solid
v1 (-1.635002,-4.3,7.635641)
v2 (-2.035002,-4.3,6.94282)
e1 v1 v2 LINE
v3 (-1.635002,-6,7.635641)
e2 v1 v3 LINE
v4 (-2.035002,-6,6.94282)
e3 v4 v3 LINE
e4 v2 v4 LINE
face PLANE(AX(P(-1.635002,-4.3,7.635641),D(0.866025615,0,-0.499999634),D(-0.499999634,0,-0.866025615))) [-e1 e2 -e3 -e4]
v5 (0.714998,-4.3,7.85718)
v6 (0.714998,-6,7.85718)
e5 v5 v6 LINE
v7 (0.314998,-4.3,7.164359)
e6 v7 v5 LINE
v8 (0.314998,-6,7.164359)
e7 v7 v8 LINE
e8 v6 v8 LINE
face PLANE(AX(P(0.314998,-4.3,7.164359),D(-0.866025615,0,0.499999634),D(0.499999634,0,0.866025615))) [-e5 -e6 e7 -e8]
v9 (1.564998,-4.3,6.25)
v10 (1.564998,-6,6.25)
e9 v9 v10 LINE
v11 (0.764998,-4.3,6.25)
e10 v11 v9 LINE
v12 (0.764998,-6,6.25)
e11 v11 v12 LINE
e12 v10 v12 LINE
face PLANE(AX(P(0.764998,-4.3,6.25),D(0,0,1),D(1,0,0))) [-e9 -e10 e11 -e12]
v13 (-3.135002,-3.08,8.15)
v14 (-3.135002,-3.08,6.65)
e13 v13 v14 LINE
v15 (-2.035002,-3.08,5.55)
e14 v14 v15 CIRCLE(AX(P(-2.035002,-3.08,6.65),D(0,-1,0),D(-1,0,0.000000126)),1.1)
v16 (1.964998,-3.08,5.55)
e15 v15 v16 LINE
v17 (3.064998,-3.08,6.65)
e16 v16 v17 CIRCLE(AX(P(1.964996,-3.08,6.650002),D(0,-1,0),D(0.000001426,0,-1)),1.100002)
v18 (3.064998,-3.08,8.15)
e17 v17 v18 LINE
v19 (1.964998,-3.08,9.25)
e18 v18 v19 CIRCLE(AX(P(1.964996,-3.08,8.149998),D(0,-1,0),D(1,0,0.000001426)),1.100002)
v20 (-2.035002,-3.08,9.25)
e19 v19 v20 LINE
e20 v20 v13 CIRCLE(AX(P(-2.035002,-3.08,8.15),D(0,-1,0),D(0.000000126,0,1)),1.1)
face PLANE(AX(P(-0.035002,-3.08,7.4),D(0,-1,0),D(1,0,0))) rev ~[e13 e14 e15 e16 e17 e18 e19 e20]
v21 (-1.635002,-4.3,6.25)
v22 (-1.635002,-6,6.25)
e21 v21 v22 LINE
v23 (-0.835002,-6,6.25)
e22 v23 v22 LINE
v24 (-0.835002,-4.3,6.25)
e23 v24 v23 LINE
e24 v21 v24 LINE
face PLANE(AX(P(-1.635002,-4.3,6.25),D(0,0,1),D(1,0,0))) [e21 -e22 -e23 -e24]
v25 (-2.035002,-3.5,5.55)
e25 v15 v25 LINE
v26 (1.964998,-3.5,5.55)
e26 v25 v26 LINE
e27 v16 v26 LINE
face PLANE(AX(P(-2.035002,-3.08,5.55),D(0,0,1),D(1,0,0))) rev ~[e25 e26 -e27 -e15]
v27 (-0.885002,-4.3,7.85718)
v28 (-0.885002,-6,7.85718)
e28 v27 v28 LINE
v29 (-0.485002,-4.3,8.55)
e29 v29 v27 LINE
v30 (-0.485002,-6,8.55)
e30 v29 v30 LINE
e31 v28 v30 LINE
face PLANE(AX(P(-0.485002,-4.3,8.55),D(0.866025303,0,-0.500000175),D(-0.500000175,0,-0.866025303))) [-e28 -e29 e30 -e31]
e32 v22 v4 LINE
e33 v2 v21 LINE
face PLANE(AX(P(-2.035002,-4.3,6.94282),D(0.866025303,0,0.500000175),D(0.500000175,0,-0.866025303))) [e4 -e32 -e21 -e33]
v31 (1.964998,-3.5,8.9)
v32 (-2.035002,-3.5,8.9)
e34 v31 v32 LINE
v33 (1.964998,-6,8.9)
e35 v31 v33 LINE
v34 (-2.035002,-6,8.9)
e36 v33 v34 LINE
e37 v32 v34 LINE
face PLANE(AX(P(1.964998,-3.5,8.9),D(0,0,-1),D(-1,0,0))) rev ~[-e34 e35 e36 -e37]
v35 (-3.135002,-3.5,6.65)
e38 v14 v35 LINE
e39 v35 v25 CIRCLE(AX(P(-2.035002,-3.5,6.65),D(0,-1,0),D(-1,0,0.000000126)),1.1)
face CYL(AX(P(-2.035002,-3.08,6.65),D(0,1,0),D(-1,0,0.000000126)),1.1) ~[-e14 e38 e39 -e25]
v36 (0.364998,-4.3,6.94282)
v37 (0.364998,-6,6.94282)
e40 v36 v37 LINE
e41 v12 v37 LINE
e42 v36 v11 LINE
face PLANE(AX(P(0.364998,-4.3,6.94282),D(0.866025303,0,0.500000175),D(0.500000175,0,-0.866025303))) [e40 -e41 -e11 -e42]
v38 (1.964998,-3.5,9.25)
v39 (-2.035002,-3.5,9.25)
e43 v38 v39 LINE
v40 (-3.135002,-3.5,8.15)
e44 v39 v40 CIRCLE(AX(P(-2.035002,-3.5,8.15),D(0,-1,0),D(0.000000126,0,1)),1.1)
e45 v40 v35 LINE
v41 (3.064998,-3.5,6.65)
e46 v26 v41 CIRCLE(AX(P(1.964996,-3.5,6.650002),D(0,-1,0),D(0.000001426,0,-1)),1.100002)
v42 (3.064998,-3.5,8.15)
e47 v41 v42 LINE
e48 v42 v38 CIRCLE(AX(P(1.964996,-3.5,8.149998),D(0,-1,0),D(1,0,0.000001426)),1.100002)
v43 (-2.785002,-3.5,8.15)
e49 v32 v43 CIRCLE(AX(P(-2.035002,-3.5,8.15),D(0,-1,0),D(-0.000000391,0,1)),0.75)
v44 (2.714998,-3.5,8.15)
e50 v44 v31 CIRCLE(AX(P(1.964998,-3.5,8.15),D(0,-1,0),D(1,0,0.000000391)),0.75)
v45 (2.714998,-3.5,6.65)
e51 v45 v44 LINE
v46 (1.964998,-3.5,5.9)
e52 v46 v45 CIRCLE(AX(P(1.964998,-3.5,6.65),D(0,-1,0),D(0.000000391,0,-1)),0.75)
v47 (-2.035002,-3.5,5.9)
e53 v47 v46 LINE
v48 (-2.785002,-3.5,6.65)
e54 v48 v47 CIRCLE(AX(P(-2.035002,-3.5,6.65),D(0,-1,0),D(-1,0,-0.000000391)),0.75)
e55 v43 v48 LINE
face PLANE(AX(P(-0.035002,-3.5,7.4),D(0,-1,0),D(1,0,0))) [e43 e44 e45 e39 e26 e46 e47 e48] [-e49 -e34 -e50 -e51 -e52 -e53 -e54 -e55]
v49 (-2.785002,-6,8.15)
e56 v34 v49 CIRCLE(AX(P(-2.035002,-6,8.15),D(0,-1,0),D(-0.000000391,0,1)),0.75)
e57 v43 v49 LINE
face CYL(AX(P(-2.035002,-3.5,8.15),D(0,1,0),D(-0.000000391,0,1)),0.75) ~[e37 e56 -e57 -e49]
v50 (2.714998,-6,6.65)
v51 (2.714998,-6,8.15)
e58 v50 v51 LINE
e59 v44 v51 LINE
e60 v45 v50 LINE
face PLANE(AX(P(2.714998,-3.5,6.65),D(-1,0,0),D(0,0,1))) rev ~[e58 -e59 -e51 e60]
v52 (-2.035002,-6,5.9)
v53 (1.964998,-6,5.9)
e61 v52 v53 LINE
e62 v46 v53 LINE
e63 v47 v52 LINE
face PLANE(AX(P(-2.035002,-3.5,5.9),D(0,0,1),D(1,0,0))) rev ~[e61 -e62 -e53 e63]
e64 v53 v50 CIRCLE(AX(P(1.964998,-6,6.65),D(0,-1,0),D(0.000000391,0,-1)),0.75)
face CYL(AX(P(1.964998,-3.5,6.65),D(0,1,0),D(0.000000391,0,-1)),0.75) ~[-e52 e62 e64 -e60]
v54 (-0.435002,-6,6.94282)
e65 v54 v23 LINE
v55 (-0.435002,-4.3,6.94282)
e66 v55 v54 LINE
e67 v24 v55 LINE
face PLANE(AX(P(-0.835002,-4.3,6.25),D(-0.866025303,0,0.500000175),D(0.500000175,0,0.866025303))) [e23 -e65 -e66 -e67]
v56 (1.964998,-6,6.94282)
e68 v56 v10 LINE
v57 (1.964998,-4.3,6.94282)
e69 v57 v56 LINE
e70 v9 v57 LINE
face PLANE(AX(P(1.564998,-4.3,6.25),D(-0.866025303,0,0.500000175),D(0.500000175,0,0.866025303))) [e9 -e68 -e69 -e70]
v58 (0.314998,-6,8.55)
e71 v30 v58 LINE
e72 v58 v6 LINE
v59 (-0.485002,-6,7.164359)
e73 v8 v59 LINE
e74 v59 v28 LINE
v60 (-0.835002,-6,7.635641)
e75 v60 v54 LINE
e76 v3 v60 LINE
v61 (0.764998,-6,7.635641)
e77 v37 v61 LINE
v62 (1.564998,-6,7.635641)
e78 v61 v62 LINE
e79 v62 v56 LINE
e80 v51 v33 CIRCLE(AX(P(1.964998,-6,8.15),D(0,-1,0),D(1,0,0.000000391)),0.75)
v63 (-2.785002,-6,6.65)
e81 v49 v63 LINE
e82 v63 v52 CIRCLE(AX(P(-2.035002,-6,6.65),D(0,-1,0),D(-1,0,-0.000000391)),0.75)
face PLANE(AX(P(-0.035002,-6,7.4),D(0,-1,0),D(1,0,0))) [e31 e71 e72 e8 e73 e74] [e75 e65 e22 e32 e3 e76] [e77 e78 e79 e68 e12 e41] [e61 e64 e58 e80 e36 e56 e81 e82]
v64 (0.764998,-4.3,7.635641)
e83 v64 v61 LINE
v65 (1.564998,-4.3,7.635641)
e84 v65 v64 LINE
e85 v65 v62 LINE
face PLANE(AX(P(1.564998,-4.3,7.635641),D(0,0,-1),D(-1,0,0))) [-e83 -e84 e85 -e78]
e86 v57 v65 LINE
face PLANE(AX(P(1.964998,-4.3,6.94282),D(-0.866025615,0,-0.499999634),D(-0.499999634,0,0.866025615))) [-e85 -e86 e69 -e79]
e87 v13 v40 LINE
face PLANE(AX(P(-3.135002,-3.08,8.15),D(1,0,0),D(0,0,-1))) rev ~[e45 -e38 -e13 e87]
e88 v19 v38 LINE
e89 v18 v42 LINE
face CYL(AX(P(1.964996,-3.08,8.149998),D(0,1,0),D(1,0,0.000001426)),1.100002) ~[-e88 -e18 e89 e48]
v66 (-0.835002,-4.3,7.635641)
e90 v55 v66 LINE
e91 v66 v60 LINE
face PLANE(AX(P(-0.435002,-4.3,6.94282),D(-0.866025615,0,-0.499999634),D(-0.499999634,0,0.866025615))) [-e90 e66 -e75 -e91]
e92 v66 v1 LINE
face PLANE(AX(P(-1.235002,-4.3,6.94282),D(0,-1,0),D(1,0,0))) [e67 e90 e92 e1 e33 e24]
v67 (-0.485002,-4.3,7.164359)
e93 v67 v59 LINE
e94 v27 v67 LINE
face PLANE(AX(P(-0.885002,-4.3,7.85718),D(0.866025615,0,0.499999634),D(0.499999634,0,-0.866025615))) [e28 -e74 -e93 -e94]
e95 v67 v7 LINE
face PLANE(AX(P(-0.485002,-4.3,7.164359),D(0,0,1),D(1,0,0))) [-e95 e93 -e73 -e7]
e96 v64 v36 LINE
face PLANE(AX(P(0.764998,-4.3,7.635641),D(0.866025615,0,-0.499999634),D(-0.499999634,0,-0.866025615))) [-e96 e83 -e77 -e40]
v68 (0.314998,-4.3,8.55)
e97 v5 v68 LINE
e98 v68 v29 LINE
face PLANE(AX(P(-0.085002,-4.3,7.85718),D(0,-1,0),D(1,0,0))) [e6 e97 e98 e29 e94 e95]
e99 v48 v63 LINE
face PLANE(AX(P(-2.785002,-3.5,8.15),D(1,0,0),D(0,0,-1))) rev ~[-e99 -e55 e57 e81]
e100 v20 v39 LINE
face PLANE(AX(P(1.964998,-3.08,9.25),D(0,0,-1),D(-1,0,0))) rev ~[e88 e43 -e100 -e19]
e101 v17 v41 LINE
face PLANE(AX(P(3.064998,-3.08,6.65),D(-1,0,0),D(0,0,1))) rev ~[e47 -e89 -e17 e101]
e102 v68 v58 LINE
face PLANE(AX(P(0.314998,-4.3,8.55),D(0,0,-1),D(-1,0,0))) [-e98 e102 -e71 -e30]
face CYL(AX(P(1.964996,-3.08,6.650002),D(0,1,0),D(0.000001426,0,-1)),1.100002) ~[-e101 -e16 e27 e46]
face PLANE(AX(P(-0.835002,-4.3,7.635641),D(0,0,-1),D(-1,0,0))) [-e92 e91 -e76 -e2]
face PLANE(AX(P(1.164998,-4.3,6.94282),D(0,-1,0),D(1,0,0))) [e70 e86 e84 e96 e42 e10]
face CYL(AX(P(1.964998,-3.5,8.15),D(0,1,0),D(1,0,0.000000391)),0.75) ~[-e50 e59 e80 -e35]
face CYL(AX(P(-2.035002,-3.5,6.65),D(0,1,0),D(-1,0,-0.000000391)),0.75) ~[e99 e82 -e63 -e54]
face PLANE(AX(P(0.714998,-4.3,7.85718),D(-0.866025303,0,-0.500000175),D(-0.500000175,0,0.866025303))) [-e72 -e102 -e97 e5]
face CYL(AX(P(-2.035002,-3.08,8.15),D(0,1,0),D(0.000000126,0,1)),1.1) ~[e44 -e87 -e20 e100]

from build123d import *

# Parameters (mm, degrees)
PAD010_START    = 3.08
PAD010_DEPTH    = 0.42
PAD011_START    = 3.5
PAD011_DEPTH    = 2.5
POCKET013_START = 4.3
POCKET013_DEPTH = 5.7


with BuildPart() as part:
    # Sketch026 → Pad010 (new body)
    with BuildSketch(Plane.XZ.offset(PAD010_START)):
        with BuildLine():
            Line((6.164998, 8.15), (6.164998, 6.65))
            ThreePointArc((6.164998, 6.65), (6.48718, 5.872183), (7.264998, 5.55))
            Line((7.264998, 5.55), (11.264998, 5.55))
            ThreePointArc((11.264998, 5.55), (12.042815, 5.872183), (12.364998, 6.65))
            Line((12.364998, 6.65), (12.364998, 8.15))
            ThreePointArc((12.364998, 8.15), (12.042815, 8.927817), (11.264998, 9.25))
            Line((11.264998, 9.25), (7.264998, 9.25))
            ThreePointArc((7.264998, 9.25), (6.48718, 8.927817), (6.164998, 8.15))
        make_face()
    extrude(amount=PAD010_DEPTH)

    # Sketch027 → Pad011 (join)
    with BuildSketch(Plane.XZ.offset(PAD011_START)):
        with BuildLine():
            Line((6.514998, 8.15), (6.514998, 6.65))
            ThreePointArc((6.514998, 6.65), (6.734668, 6.11967), (7.264998, 5.9))
            Line((7.264998, 5.9), (11.264998, 5.9))
            ThreePointArc((11.264998, 5.9), (11.795328, 6.11967), (12.014998, 6.65))
            Line((12.014998, 6.65), (12.014998, 8.15))
            ThreePointArc((12.014998, 8.15), (11.795328, 8.68033), (11.264998, 8.9))
            Line((11.264998, 8.9), (7.264998, 8.9))
            ThreePointArc((7.264998, 8.9), (6.734668, 8.68033), (6.514998, 8.15))
        make_face()
    extrude(amount=PAD011_DEPTH)


with BuildPart() as part_1:
    # Body006 placement: moved
    add(part.part.moved(Location((0, -0.68, 0))))


with BuildPart() as part_2:
    # Clone003 placement: moved
    add(part_1.part.moved(Location((0, 0.68, 0))))

    # Sketch029 → Pocket013 (cut)
    with BuildSketch(Plane.XZ.offset(POCKET013_START)):
        Polygon((8.864998, 6.94282), (8.464998, 7.635641), (7.664998, 7.635641), (7.264998, 6.94282), (7.664998, 6.25), (8.464998, 6.25), align=None)
        Polygon((10.014998, 7.85718), (9.614998, 8.55), (8.814998, 8.55), (8.414998, 7.85718), (8.814998, 7.164359), (9.614998, 7.164359), align=None)
        Polygon((11.264998, 6.94282), (10.864998, 7.635641), (10.064998, 7.635641), (9.664998, 6.94282), (10.064998, 6.25), (10.864998, 6.25), align=None)
    extrude(amount=POCKET013_DEPTH, mode=Mode.SUBTRACT)


with BuildPart() as part_3:
    # Body009 placement: moved
    add(part_2.part.moved(Location((-9.3, 0, 0))))


solid = part_3.part
